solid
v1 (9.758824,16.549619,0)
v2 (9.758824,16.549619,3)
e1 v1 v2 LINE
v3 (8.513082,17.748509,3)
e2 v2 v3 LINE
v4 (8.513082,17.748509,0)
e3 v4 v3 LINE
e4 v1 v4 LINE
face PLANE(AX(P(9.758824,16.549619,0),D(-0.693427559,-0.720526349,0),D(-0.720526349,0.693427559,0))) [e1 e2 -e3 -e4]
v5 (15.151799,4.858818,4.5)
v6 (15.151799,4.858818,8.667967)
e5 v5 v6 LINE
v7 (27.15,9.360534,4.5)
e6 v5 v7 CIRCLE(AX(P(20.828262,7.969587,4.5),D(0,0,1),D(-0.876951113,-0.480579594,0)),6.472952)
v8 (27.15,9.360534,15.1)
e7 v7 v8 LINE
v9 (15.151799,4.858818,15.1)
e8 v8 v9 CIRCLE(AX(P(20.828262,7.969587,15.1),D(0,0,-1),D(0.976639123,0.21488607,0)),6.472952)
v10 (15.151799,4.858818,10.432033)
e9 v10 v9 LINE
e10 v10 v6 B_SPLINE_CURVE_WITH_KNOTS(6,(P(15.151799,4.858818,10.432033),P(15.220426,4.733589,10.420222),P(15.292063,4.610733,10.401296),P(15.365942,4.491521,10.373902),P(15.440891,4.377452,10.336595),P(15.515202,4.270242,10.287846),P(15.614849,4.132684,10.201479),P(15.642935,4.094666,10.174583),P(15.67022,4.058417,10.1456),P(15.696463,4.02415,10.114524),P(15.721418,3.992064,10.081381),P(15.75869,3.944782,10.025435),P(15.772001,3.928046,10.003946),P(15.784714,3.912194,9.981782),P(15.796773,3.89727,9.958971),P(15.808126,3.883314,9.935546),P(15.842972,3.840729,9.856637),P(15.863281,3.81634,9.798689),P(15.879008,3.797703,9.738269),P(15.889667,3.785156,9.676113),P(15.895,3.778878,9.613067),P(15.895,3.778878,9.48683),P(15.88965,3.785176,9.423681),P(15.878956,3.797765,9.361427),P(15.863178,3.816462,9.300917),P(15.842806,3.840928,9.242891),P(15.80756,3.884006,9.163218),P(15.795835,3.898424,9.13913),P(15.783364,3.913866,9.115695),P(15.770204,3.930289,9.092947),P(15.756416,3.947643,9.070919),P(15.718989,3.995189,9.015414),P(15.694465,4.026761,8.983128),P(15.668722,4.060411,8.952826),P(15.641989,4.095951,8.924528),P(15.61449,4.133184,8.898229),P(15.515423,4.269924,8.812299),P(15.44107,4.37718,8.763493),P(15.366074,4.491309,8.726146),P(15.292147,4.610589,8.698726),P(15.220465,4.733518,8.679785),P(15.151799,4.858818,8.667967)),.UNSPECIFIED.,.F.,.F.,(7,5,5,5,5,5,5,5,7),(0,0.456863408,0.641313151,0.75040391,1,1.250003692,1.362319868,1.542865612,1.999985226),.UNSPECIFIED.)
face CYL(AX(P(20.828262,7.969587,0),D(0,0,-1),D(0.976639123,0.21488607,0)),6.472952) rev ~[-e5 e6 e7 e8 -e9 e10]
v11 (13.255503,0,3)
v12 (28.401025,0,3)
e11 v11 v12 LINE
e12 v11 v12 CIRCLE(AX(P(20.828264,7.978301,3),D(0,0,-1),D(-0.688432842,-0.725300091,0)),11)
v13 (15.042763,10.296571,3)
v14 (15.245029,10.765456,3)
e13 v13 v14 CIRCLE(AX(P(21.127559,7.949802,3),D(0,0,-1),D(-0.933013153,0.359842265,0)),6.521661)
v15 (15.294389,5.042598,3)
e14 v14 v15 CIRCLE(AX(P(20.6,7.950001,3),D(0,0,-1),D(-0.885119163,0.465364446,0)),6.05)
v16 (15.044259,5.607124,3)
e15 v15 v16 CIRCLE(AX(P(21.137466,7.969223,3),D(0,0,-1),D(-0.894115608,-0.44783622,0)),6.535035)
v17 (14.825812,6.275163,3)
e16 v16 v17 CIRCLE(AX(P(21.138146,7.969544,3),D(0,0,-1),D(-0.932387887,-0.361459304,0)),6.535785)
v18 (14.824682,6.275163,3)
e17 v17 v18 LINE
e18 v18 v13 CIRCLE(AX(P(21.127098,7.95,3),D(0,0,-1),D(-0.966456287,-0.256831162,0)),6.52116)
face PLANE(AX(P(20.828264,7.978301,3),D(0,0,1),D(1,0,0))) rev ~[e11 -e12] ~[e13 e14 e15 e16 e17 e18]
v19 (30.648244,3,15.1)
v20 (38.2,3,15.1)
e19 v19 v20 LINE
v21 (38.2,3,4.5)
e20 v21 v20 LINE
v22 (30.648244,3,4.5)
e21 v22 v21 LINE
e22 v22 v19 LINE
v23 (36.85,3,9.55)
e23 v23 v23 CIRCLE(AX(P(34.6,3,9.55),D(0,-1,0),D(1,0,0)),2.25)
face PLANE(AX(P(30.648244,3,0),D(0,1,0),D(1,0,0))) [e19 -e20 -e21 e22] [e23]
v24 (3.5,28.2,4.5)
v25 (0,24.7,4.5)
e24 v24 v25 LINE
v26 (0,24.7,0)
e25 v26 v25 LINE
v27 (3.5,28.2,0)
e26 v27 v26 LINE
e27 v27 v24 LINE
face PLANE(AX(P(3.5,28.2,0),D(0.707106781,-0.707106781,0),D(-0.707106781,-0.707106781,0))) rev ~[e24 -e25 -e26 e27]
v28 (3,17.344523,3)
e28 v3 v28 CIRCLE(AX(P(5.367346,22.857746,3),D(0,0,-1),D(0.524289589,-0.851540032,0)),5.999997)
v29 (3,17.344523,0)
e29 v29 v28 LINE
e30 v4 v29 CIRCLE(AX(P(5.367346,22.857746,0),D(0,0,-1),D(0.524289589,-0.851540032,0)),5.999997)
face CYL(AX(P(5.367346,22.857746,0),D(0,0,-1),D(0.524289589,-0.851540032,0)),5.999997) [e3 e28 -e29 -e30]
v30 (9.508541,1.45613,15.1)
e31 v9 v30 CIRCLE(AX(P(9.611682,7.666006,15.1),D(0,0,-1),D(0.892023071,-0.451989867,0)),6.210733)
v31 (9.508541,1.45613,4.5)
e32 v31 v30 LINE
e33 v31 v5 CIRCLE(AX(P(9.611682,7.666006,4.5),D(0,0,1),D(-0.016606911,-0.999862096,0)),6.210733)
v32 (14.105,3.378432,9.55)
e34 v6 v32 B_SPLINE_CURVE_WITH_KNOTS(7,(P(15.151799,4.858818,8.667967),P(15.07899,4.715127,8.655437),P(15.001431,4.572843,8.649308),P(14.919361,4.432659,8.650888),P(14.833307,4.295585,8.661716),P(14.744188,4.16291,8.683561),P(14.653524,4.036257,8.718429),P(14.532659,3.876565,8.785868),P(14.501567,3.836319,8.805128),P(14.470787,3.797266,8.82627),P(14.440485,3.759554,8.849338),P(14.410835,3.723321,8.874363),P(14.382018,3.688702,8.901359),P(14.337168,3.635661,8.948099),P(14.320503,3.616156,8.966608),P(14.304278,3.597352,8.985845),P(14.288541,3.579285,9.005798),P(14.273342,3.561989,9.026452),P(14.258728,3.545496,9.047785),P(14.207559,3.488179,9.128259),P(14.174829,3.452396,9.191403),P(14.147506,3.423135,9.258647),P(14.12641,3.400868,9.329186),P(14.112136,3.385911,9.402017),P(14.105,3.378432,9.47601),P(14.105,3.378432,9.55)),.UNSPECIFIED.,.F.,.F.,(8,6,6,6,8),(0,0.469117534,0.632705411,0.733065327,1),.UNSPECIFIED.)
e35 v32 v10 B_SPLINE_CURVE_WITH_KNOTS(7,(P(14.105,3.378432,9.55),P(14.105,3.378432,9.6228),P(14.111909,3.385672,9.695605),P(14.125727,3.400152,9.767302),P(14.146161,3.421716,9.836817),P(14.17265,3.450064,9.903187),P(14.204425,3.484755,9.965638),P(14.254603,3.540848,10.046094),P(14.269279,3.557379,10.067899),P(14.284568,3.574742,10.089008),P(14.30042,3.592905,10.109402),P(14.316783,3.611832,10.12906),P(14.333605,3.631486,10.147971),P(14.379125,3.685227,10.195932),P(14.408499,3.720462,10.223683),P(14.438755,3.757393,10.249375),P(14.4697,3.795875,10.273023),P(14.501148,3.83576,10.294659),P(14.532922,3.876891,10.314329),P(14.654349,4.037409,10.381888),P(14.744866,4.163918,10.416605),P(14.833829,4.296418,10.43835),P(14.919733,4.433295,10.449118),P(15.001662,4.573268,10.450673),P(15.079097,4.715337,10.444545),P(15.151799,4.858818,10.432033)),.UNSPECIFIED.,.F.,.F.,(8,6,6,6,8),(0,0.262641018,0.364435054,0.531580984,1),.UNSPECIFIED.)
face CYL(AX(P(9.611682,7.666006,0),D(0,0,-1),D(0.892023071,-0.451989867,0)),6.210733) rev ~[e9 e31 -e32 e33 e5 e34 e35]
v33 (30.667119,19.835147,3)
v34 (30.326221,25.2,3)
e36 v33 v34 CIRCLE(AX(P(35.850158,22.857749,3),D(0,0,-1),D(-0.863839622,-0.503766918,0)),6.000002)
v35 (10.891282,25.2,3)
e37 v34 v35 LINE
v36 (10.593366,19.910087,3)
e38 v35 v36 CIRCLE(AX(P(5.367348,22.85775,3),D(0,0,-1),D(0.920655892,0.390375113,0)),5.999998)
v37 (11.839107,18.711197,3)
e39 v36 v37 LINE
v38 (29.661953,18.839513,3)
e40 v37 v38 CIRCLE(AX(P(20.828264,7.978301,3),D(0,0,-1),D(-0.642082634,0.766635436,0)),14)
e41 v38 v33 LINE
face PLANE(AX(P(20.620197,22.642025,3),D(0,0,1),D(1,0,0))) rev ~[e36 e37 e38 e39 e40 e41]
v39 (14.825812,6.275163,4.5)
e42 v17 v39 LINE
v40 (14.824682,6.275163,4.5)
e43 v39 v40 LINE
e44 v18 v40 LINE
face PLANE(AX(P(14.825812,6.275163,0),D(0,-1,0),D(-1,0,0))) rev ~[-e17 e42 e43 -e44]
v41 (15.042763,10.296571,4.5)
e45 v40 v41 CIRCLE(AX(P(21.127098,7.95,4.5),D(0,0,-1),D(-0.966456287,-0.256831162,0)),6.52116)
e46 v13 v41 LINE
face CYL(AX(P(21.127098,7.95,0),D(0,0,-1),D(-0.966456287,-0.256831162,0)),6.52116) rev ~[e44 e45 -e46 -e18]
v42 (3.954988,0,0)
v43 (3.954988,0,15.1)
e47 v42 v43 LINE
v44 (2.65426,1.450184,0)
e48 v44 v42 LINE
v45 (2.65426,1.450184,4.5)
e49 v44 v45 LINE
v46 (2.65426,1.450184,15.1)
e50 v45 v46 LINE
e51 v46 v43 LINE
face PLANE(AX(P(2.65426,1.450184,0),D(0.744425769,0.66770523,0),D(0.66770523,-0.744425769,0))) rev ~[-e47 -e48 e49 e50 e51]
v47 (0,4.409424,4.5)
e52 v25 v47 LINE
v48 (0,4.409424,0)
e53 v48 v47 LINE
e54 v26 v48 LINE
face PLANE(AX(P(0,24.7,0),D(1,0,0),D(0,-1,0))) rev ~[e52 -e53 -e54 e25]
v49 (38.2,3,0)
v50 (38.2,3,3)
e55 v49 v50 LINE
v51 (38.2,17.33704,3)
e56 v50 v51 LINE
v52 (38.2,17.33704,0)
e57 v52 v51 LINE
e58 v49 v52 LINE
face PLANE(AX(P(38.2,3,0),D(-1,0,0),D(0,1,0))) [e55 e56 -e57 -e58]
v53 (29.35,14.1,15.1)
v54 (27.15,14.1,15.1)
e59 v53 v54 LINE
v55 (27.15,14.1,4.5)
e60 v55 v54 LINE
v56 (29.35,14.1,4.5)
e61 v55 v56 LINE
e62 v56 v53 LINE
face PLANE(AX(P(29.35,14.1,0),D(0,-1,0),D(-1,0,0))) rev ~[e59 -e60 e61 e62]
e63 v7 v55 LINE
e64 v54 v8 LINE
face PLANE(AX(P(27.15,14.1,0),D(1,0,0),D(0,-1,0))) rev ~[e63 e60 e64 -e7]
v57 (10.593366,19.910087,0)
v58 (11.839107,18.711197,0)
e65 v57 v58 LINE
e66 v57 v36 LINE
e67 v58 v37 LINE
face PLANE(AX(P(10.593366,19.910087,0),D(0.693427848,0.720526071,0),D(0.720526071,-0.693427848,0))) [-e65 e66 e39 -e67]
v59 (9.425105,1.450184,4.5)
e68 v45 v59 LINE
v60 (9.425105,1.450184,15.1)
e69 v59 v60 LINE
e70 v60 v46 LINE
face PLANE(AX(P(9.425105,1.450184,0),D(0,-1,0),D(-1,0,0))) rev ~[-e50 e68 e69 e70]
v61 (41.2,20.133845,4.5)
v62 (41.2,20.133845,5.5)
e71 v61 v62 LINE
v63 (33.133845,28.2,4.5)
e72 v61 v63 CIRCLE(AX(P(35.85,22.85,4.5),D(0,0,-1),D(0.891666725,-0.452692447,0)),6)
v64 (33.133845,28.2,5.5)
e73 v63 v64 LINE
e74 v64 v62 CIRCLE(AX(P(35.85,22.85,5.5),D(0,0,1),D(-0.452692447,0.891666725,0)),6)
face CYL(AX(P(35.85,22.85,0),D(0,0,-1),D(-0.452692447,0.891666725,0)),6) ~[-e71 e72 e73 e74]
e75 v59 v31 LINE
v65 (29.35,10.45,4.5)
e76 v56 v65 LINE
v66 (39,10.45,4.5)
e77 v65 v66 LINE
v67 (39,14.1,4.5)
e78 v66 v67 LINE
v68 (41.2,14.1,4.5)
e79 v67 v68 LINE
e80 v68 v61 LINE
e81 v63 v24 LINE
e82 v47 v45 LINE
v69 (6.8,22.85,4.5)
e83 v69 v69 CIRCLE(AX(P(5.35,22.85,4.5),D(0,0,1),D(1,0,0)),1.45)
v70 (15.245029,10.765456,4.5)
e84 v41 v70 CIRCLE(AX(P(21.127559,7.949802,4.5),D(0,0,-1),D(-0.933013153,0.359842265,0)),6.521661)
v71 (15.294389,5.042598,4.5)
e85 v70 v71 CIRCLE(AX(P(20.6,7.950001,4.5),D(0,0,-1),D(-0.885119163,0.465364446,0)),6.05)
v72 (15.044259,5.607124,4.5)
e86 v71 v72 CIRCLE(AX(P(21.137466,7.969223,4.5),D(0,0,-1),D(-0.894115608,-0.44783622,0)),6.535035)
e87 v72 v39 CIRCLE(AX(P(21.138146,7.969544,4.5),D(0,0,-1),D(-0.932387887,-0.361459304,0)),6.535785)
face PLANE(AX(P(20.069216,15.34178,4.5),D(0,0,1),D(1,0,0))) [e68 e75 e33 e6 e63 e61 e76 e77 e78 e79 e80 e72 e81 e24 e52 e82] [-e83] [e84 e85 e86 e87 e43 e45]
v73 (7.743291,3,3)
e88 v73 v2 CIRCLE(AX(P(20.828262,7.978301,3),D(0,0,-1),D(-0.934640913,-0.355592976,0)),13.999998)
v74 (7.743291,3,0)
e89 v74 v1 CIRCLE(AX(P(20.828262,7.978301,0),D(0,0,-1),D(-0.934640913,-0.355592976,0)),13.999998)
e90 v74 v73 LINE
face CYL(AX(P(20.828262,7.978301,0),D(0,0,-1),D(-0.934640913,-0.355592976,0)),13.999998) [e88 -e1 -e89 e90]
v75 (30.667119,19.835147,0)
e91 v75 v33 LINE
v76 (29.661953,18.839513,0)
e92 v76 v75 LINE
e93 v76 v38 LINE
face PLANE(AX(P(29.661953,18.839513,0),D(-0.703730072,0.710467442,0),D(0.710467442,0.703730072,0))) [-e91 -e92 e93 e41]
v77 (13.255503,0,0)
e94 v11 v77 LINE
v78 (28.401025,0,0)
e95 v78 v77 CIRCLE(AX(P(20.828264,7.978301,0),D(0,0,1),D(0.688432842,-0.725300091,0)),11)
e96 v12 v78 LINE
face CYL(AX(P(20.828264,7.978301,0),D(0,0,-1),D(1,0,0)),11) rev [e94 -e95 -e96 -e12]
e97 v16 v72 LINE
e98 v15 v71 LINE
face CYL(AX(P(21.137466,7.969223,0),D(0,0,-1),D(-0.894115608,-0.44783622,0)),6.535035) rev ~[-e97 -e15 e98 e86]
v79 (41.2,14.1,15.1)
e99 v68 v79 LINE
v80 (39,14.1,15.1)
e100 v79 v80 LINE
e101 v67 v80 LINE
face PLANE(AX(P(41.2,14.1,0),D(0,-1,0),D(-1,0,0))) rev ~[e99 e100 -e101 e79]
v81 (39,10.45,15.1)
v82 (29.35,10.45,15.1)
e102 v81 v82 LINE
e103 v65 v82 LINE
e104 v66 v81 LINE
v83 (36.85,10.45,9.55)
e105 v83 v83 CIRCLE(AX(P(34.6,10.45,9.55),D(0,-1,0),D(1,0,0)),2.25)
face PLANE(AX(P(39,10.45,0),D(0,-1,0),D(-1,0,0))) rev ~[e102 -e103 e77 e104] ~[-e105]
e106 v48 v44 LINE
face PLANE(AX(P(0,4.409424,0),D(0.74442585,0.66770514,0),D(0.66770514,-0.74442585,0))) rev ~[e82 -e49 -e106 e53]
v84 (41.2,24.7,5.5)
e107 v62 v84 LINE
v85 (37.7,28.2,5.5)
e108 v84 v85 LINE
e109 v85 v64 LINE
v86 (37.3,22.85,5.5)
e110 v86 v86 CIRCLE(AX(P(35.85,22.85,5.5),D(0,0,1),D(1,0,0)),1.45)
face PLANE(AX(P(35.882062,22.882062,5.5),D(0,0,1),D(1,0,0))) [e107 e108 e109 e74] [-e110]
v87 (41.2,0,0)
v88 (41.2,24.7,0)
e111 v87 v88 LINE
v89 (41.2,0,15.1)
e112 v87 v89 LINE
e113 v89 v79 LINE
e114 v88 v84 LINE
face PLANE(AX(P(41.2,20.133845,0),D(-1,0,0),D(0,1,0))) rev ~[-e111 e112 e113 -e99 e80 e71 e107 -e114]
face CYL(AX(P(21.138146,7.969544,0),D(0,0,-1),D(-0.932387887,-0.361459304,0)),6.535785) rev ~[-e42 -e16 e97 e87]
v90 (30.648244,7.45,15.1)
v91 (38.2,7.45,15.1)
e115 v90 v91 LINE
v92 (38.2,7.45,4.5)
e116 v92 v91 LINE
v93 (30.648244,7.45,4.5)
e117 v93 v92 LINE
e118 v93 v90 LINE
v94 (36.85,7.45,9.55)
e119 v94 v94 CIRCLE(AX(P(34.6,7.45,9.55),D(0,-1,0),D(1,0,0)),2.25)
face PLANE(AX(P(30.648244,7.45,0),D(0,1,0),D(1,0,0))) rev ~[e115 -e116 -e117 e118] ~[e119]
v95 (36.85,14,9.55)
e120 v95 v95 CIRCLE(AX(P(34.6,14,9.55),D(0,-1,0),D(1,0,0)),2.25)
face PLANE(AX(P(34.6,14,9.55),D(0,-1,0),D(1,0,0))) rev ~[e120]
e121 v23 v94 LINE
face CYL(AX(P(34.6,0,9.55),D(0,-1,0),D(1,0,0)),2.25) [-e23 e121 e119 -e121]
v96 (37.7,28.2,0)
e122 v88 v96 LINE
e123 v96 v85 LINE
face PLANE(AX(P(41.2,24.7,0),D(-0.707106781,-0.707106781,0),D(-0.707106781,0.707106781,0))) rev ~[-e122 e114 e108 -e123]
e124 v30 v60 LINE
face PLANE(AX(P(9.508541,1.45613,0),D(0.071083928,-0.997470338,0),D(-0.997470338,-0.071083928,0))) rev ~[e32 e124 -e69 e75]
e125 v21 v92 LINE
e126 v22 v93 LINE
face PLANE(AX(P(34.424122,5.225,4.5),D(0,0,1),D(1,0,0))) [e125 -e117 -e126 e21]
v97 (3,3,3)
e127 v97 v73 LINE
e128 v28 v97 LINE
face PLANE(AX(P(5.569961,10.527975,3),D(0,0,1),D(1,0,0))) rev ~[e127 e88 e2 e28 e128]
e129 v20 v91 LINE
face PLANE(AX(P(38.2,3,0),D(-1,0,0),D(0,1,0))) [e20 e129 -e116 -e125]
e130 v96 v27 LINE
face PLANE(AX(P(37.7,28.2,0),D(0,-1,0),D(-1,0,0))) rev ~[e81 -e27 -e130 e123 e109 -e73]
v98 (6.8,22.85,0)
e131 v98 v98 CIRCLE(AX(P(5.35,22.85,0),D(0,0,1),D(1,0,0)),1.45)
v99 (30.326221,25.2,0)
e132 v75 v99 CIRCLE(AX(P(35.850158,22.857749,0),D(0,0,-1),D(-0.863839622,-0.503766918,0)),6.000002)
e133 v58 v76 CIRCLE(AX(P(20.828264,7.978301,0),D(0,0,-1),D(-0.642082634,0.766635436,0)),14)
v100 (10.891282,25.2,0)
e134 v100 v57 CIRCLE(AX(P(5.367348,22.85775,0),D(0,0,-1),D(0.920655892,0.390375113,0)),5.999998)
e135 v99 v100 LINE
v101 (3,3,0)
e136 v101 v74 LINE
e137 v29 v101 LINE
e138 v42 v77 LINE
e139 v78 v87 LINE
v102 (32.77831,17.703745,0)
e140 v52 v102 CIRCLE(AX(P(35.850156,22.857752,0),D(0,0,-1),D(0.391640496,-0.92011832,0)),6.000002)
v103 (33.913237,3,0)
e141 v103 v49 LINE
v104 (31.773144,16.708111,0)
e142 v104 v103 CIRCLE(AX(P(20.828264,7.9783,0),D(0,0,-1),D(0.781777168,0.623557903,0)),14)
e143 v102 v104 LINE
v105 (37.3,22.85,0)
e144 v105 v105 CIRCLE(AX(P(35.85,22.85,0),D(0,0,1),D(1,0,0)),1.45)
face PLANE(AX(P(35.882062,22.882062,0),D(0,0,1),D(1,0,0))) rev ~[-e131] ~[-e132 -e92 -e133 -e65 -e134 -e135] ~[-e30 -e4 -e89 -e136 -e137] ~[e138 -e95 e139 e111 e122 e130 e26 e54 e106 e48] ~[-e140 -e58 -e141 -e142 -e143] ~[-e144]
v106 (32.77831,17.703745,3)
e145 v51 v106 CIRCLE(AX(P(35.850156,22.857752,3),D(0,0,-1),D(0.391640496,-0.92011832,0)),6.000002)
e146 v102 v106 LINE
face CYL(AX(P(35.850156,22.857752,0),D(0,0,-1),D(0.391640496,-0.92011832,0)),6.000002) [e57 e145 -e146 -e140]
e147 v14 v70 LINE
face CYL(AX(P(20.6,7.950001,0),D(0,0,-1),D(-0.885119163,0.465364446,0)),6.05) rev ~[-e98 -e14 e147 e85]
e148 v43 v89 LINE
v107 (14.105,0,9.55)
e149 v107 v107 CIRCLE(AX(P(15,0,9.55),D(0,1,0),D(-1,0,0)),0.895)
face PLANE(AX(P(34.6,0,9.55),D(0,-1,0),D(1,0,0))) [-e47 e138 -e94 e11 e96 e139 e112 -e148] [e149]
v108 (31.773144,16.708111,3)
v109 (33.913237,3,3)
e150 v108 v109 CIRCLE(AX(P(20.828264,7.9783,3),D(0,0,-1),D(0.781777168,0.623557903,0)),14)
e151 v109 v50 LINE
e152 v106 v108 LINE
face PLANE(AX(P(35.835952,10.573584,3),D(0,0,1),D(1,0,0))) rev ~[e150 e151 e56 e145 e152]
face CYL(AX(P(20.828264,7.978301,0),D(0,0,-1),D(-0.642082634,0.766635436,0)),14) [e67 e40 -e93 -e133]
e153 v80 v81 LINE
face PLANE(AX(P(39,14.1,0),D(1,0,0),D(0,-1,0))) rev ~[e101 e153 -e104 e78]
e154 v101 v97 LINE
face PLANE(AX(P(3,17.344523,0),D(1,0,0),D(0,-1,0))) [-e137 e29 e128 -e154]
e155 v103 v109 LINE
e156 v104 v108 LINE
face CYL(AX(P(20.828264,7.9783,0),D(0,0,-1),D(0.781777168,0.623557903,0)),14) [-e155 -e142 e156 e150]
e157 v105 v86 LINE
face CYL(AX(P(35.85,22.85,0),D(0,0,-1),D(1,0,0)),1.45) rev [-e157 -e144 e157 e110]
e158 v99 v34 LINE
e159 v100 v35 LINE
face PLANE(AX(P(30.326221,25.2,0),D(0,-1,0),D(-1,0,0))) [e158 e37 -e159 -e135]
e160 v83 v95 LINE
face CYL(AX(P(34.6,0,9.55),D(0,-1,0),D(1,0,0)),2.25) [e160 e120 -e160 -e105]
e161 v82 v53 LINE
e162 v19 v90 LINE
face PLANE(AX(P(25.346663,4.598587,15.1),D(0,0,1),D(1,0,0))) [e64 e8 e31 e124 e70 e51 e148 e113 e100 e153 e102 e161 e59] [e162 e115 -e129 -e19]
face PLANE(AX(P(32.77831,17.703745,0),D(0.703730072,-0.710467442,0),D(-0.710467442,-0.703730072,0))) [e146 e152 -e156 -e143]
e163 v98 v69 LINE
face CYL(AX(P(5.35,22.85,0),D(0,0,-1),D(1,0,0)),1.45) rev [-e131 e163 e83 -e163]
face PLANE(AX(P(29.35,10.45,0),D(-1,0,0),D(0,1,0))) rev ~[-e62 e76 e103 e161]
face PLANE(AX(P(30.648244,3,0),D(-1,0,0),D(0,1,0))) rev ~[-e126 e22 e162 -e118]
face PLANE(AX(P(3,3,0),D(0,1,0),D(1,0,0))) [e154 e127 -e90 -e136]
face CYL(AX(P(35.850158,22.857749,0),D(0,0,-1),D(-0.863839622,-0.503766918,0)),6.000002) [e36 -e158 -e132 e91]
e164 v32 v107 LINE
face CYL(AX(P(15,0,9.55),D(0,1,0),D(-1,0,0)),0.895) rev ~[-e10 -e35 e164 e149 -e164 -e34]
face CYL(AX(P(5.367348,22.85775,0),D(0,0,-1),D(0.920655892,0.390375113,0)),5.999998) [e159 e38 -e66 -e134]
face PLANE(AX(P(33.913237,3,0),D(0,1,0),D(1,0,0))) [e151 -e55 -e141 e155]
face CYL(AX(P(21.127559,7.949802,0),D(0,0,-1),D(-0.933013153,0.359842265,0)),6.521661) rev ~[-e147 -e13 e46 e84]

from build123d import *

# Parameters (mm, degrees)
F0_W           = 7.551756
F0_H           = 4.45
F1_DEPTH       = 15.1
F0_R           = 1.45
F0_R_2         = 1.44
F2_DEPTH       = 4.5
F3_DEPTH       = 5.5
F4_R           = 11
F5_DEPTH       = 3
F6_R           = 2.25
F7_DEPTH       = 14
F8_D           = 1.79
F8_CBORE_D     = 1.79
F8_CBORE_DEPTH = 1.45


with BuildPart() as f1:
    # F0 (on Top) → F1 (new body)
    with BuildSketch(Plane.XY):
        with BuildLine():
            Line((2.65426, 1.450184), (3.954988, 0))
            Line((3.954988, 0), (41.2, 0))
            Line((41.2, 0), (41.2, 10.45))
            Line((41.2, 10.45), (41.2, 14.1))
            Line((41.2, 14.1), (39, 14.1))
            Line((39, 14.1), (39, 10.45))
            Line((39, 10.45), (29.35, 10.45))
            Line((29.35, 10.45), (29.35, 14.1))
            Line((29.35, 14.1), (27.15, 14.1))
            Line((27.15, 14.1), (27.15, 10.45))
            Line((27.15, 10.45), (27.15, 9.360534))
            ThreePointArc((27.15, 9.360534), (23.102126, 1.90917), (15.151799, 4.858818))
            ThreePointArc((15.151799, 4.858818), (12.818666, 2.347317), (9.508541, 1.45613))
            Line((9.508541, 1.45613), (9.425105, 1.450184))
            Line((9.425105, 1.450184), (2.65426, 1.450184))
        make_face()
        with Locations((34.424122, 5.225)):
            Rectangle(F0_W, F0_H, mode=Mode.SUBTRACT)
    extrude(amount=F1_DEPTH)

    # F0 (on Top) → F2 (join)
    with BuildSketch(Plane.XY):
        with BuildLine():
            Line((0, 4.409424), (2.65426, 1.450184))
            Line((2.65426, 1.450184), (9.425105, 1.450184))
            Line((9.425105, 1.450184), (9.508541, 1.45613))
            ThreePointArc((9.508541, 1.45613), (12.818666, 2.347317), (15.151799, 4.858818))
            ThreePointArc((15.151799, 4.858818), (23.102126, 1.90917), (27.15, 9.360534))
            Line((27.15, 9.360534), (27.15, 10.45))
            Line((27.15, 10.45), (27.15, 14.1))
            Line((27.15, 14.1), (29.35, 14.1))
            Line((29.35, 14.1), (29.35, 10.45))
            Line((29.35, 10.45), (39, 10.45))
            Line((39, 10.45), (39, 14.1))
            Line((39, 14.1), (41.2, 14.1))
            Line((41.2, 14.1), (41.2, 20.133845))
            ThreePointArc((41.2, 20.133845), (31.607359, 18.607359), (33.133845, 28.2))
            Line((33.133845, 28.2), (8.066155, 28.2))
            ThreePointArc((8.066155, 28.2), (9.592641, 18.607359), (0, 20.133845))
            Line((0, 20.133845), (0, 4.409424))
        make_face()
        with BuildLine():
            ThreePointArc((15.044259, 5.607124), (11.225264, 2.020343), (6.018226, 2.600408))
            ThreePointArc((6.018226, 2.600408), (4.726842, 11.501576), (13.680284, 12.358524))
            ThreePointArc((13.680284, 12.358524), (14.464459, 11.395564), (15.042763, 10.296571))
            ThreePointArc((15.042763, 10.296571), (15.139305, 10.532994), (15.245029, 10.765456))
            ThreePointArc((15.245029, 10.765456), (26.649775, 8.002179), (15.294389, 5.042598))
            ThreePointArc((15.294389, 5.042598), (15.162653, 5.321905), (15.044259, 5.607124))
        make_face(mode=Mode.SUBTRACT)
        with BuildLine():
            Line((0, 24.7), (0, 20.133845))
            ThreePointArc((0, 20.133845), (9.592641, 18.607359), (8.066155, 28.2))
            Line((8.066155, 28.2), (3.5, 28.2))
            Line((3.5, 28.2), (0, 24.7))
        make_face()
        with Locations((5.35, 22.85)):
            Circle(F0_R, mode=Mode.SUBTRACT)
        with BuildLine():
            ThreePointArc((13.680284, 12.358524), (4.726842, 11.501576), (6.018226, 2.600408))
            ThreePointArc((6.018226, 2.600408), (11.225264, 2.020343), (15.044259, 5.607124))
            ThreePointArc((15.044259, 5.607124), (14.926049, 5.938205), (14.825812, 6.275163))
            Line((14.825812, 6.275163), (14.824682, 6.275163))
            ThreePointArc((14.824682, 6.275163), (14.615506, 8.303124), (15.042763, 10.296571))
            ThreePointArc((15.042763, 10.296571), (14.464459, 11.395564), (13.680284, 12.358524))
        make_face()
        with Locations((9.25, 7.95)):
            Circle(F0_R_2, mode=Mode.SUBTRACT)
        with Locations((9.25, 7.95)):
            Circle(F0_R_2)
        with Locations((34.424122, 5.225)):
            Rectangle(F0_W, F0_H)
    extrude(amount=F2_DEPTH)

    # F0 (on Top) → F3 (join)
    with BuildSketch(Plane.XY):
        with BuildLine():
            ThreePointArc((33.133845, 28.2), (31.607359, 18.607359), (41.2, 20.133845))
            Line((41.2, 20.133845), (41.2, 24.7))
            Line((41.2, 24.7), (37.7, 28.2))
            Line((37.7, 28.2), (33.133845, 28.2))
        make_face()
        with Locations((35.85, 22.85)):
            Circle(F0_R, mode=Mode.SUBTRACT)
    extrude(amount=F3_DEPTH)

    # F4 (on Top) → F5 (cut)
    with BuildSketch(Plane.XY):
        with BuildLine():
            ThreePointArc((8.513082, 17.748509), (5.805837, 16.873794), (3, 17.344523))
            Line((3, 17.344523), (3, 3))
            Line((3, 3), (7.743291, 3))
            ThreePointArc((7.743291, 3), (6.98063, 10.038164), (9.758824, 16.549619))
            Line((9.758824, 16.549619), (8.513082, 17.748509))
        make_face()
        with Locations((20.828264, 7.978301)):
            Circle(F4_R)
        with BuildLine():
            Line((38.2, 3), (38.2, 17.33704))
            ThreePointArc((38.2, 17.33704), (35.445261, 16.871427), (32.77831, 17.703745))
            Line((32.77831, 17.703745), (31.773144, 16.708111))
            ThreePointArc((31.773144, 16.708111), (34.660709, 10.137804), (33.913237, 3))
            Line((33.913237, 3), (38.2, 3))
        make_face()
        with BuildLine():
            ThreePointArc((30.667119, 19.835147), (29.862233, 22.47726), (30.326221, 25.2))
            Line((30.326221, 25.2), (10.891282, 25.2))
            ThreePointArc((10.891282, 25.2), (11.357854, 22.520378), (10.593366, 19.910087))
            Line((10.593366, 19.910087), (11.839107, 18.711197))
            ThreePointArc((11.839107, 18.711197), (20.727473, 21.977938), (29.661953, 18.839513))
            Line((29.661953, 18.839513), (30.667119, 19.835147))
        make_face()
    extrude(amount=F5_DEPTH, mode=Mode.SUBTRACT)

    # F6 (on Front) → F7 (join)
    with BuildSketch(Plane.XZ):
        with Locations((34.6, 9.55)):
            Circle(F6_R)
    extrude(amount=-F7_DEPTH)

    # F8 (through all)
    with Locations(Plane.XZ):
        with Locations((15, 9.55)):
            CounterBoreHole(F8_D / 2, F8_CBORE_D / 2, F8_CBORE_DEPTH)


solid = f1.part
